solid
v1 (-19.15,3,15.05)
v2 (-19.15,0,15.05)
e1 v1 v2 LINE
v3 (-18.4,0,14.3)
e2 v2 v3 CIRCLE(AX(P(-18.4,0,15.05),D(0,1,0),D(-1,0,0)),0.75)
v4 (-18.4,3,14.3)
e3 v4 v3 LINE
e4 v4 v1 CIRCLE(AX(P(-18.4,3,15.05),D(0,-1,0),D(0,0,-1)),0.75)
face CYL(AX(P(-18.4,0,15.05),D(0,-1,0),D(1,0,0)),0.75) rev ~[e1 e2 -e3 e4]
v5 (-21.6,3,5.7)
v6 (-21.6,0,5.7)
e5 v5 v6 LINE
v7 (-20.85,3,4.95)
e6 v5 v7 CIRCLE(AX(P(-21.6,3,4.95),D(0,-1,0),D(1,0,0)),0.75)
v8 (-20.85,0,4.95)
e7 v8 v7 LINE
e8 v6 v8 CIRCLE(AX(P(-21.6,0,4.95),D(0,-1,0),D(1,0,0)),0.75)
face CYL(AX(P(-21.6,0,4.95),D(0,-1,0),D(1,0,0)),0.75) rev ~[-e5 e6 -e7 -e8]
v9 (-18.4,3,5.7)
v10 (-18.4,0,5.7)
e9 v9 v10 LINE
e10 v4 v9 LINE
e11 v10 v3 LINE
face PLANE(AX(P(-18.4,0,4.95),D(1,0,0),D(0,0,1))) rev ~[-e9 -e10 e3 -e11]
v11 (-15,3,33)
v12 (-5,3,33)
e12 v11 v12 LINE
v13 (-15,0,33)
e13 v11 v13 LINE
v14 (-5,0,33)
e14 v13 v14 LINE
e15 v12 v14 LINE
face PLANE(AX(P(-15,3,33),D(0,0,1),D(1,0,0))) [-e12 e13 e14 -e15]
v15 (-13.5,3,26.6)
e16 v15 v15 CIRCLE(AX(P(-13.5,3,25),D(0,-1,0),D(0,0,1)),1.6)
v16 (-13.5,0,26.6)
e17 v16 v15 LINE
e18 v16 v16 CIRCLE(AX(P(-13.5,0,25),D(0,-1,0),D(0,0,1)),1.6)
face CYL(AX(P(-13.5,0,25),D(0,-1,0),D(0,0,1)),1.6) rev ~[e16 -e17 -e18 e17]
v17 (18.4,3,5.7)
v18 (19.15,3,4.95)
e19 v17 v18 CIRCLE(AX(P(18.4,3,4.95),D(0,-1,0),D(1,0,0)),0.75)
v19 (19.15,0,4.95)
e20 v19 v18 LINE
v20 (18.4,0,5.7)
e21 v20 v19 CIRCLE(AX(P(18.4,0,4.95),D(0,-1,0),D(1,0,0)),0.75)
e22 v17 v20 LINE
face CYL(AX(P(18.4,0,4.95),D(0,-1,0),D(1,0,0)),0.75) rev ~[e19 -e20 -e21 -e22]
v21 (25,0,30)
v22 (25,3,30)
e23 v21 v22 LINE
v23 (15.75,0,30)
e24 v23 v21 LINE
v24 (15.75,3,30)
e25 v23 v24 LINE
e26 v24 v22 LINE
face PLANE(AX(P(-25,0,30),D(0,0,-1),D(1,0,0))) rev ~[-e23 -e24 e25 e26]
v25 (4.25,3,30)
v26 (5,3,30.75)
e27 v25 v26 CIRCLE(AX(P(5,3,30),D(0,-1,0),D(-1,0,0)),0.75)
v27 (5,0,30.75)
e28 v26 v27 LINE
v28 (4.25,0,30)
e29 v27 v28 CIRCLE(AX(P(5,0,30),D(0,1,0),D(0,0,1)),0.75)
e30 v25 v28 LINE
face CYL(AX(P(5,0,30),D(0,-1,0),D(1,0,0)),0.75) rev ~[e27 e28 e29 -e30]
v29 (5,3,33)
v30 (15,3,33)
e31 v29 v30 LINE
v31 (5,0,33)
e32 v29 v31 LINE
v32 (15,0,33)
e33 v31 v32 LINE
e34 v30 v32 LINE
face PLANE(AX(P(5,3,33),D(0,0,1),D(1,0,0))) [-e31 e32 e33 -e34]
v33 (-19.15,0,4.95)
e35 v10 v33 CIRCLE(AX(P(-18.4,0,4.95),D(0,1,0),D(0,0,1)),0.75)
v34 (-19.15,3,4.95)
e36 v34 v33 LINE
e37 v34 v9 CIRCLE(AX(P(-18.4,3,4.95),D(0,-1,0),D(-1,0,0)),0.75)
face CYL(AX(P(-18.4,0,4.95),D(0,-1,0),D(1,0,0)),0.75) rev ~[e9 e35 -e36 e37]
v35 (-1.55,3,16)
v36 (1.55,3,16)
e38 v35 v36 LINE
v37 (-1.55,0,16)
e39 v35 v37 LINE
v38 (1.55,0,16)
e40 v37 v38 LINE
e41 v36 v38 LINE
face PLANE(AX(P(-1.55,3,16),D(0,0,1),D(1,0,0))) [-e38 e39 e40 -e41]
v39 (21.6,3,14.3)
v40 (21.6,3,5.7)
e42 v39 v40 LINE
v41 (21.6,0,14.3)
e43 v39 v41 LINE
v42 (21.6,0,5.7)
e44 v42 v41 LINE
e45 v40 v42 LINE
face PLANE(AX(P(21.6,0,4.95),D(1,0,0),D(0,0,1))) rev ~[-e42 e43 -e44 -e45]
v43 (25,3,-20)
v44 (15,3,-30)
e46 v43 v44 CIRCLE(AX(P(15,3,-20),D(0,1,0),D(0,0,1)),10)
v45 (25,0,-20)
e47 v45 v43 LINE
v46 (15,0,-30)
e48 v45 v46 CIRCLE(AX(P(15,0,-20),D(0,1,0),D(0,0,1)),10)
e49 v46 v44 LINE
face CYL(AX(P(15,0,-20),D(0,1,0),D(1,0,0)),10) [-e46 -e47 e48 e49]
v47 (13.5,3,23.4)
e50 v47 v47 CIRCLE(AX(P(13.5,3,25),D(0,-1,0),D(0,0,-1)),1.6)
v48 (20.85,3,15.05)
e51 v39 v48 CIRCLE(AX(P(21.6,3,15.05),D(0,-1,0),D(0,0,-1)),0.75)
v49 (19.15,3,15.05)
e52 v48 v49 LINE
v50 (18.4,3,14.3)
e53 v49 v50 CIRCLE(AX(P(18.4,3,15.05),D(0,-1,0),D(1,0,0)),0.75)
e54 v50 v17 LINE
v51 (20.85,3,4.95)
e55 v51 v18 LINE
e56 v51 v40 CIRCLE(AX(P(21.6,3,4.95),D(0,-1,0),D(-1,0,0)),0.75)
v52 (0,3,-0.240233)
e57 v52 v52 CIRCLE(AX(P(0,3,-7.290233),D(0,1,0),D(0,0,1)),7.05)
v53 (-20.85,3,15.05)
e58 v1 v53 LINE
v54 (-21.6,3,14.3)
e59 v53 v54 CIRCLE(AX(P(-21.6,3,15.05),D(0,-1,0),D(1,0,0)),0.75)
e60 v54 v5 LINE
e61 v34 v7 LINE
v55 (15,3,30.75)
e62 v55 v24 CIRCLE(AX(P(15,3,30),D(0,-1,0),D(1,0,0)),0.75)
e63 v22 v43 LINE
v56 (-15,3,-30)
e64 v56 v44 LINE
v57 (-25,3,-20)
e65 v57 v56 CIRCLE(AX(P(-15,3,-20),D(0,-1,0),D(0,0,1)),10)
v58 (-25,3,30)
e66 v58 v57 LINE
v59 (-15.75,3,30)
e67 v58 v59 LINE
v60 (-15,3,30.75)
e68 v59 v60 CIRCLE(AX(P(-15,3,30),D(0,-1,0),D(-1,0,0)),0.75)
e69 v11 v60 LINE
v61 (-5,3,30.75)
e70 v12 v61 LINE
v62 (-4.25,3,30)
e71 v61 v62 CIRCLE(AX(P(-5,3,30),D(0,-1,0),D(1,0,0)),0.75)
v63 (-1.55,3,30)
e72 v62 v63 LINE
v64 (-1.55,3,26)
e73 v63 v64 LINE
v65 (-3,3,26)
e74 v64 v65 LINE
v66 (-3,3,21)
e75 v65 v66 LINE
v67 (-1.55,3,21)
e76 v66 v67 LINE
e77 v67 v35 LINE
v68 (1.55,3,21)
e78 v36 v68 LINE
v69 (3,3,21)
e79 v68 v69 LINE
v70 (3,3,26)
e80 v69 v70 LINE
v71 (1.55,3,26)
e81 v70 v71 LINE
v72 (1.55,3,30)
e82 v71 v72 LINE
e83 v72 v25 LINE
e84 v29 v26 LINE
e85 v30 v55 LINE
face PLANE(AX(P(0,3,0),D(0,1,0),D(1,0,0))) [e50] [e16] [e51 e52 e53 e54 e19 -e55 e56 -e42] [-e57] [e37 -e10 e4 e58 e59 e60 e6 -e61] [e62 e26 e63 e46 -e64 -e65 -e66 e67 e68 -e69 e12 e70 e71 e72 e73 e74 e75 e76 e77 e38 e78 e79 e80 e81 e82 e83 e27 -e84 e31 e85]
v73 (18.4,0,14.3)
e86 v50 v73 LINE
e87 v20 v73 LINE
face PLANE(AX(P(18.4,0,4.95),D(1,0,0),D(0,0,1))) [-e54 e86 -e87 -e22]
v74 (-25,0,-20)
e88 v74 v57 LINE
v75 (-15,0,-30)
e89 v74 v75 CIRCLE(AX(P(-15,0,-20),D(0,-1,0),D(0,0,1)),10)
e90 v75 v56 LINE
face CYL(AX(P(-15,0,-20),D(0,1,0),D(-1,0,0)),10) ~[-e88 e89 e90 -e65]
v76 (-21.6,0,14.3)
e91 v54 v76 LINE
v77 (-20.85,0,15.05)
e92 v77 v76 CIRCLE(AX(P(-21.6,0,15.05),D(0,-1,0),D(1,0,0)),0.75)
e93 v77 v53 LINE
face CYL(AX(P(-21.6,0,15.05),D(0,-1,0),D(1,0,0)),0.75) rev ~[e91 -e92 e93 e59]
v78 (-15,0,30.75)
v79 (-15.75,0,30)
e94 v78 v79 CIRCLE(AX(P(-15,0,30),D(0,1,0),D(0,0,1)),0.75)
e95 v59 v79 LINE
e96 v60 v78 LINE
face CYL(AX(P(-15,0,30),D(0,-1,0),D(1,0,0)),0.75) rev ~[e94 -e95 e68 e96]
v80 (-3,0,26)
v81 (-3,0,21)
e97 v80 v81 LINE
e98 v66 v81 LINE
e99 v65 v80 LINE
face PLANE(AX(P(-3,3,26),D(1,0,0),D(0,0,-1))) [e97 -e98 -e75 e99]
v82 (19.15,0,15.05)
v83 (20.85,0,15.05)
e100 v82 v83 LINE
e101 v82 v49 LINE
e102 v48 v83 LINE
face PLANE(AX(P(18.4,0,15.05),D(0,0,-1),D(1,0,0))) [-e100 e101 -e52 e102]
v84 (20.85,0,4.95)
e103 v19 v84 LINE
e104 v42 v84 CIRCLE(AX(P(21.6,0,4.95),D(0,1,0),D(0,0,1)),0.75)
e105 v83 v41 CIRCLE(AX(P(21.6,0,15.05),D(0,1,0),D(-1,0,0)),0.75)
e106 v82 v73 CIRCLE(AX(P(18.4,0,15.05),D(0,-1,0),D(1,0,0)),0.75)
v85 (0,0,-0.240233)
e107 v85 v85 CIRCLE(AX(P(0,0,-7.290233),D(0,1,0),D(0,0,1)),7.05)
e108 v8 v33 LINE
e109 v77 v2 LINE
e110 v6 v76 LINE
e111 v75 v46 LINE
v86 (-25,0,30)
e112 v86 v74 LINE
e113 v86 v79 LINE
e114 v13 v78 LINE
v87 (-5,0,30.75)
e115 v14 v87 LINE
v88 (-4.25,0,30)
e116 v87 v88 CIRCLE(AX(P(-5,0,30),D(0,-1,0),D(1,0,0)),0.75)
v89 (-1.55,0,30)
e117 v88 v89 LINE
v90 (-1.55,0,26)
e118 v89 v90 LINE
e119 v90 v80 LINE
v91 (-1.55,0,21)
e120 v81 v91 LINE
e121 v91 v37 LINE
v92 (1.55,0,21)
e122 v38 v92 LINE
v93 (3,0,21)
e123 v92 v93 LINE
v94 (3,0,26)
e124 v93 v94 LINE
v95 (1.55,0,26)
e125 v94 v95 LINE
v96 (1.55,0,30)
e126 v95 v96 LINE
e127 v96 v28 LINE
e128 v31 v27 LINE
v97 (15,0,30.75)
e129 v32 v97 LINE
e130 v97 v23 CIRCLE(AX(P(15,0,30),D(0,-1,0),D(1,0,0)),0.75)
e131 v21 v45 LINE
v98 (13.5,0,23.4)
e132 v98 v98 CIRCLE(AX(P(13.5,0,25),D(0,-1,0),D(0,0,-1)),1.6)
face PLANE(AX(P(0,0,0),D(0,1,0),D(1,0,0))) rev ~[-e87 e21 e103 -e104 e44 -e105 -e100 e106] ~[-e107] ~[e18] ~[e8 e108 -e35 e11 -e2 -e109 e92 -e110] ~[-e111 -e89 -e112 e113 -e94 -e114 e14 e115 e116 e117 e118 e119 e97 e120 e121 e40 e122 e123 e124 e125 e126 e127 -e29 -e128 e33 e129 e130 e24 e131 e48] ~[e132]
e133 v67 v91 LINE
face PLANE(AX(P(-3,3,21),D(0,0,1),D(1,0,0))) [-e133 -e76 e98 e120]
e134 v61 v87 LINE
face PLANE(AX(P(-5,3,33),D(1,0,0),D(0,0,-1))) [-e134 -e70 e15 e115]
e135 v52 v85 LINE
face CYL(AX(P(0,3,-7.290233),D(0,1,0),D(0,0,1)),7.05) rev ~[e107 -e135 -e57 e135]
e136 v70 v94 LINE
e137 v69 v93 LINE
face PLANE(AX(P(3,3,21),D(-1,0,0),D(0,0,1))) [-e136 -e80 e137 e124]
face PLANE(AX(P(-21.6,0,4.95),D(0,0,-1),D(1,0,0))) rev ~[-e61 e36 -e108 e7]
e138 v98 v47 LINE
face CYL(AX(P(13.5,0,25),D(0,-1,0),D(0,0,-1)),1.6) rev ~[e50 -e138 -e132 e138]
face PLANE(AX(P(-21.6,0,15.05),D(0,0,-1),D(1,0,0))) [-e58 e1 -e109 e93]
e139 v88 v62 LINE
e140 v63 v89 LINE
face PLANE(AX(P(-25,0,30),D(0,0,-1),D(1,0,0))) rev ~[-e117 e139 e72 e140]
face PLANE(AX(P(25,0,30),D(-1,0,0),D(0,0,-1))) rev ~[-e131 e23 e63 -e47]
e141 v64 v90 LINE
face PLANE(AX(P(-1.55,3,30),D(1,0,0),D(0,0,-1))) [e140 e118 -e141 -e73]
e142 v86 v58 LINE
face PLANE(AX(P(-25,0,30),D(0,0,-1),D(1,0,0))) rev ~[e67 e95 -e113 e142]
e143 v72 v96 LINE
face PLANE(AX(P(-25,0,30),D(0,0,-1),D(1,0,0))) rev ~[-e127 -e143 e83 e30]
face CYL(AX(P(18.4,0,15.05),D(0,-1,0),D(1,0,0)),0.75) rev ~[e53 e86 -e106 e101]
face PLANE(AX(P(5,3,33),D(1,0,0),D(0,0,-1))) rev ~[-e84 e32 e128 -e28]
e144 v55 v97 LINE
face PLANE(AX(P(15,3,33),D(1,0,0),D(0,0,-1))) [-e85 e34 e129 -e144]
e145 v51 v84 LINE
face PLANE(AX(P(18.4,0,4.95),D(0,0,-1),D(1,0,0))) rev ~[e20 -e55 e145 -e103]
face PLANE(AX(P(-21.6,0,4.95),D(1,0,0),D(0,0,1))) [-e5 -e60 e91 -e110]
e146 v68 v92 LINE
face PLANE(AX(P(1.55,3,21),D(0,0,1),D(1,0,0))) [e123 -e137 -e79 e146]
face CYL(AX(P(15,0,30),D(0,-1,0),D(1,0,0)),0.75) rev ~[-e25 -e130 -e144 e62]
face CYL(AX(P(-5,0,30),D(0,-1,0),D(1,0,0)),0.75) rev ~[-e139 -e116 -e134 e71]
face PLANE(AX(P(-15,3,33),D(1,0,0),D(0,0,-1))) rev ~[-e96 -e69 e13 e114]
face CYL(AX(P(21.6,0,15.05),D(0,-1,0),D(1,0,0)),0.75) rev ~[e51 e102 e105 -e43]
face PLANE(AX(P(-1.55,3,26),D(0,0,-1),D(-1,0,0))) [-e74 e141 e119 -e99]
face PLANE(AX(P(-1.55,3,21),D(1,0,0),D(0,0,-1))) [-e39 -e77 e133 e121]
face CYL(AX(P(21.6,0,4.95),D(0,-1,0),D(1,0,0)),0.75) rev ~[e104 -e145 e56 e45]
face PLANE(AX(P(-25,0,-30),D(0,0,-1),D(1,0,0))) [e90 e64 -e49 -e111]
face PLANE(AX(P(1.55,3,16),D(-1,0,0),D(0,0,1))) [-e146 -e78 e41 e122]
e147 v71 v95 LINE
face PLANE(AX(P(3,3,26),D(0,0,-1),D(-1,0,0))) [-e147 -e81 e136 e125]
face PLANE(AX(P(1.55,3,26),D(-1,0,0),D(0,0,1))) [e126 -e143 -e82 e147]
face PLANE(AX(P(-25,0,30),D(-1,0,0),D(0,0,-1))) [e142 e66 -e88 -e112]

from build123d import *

# Parameters (mm, degrees)
SKETCH_1_W          = 50
SKETCH_1_H          = 60
EXTRUDE_1_DEPTH     = 3
SKETCH_2_W          = 10
SKETCH_2_H          = 3
EXTRUDE_2_DEPTH     = 3
CUT_EXTRUDE_1_DEPTH = 42.509035161
SKETCH_4_R          = 7.05
CUT_EXTRUDE_2_DEPTH = 42.509035161
SKETCH_5_R          = 1.6
SKETCH_5_W          = 3.2
SKETCH_5_H          = 10.1
CUT_EXTRUDE_3_DEPTH = 42.509035161
SKETCH_7_R          = 0.75
CUT_EXTRUDE_4_DEPTH = 42.509035161
FILLET_1_R          = 10


with BuildPart() as part:
    # 草图1 → 凸台-拉伸1 (new body)
    with BuildSketch(Plane(origin=(0, 0, 0), x_dir=(1, 0, 0), z_dir=(0, 1, 0))):
        Rectangle(SKETCH_1_W, SKETCH_1_H)
    extrude(amount=EXTRUDE_1_DEPTH)

    # 草图2 → 凸台-拉伸2 (add)
    with BuildSketch(Plane(origin=(0, 3, 0), x_dir=(1, 0, 0), z_dir=(0, 1, 0))):
        with Locations((-10, -31.5)):
            Rectangle(SKETCH_2_W, SKETCH_2_H)
        with Locations((10, -31.5)):
            Rectangle(SKETCH_2_W, SKETCH_2_H)
    extrude(amount=-EXTRUDE_2_DEPTH)

    # 草图3 → 切除-拉伸1 (cut, through all)
    with BuildSketch(Plane(origin=(0, 3, 0), x_dir=(1, 0, 0), z_dir=(0, 1, 0))):
        Polygon((-1.55, -30), (-1.55, -26), (-3, -26), (-3, -21), (-1.55, -21), (-1.55, -16), (1.55, -16), (1.55, -21), (3, -21), (3, -26), (1.55, -26), (1.55, -30), align=None)
    extrude(amount=-CUT_EXTRUDE_1_DEPTH, mode=Mode.SUBTRACT)

    # 草图4 → 切除-拉伸2 (cut, through all)
    with BuildSketch(Plane(origin=(0, 3, 0), x_dir=(1, 0, 0), z_dir=(0, 1, 0))):
        with Locations(Location((0, 7.290233074, 0), (0, 0, 270))):
            Circle(SKETCH_4_R)
    extrude(amount=-CUT_EXTRUDE_2_DEPTH, mode=Mode.SUBTRACT)

    # 草图5 → 切除-拉伸3 (cut, through all)
    with BuildSketch(Plane.XZ):
        with Locations(Location((13.5, 25, 0), (0, 0, 270))):
            Circle(SKETCH_5_R)
        with Locations(Location((-13.5, 25, 0), (0, 0, 90))):
            Circle(SKETCH_5_R)
        with Locations((20, 10)):
            Rectangle(SKETCH_5_W, SKETCH_5_H)
        with Locations((-20, 10)):
            Rectangle(SKETCH_5_W, SKETCH_5_H)
    extrude(amount=-CUT_EXTRUDE_3_DEPTH, mode=Mode.SUBTRACT)

    # 草图7 → 切除-拉伸4 (cut, through all)
    with BuildSketch(Plane.XZ):
        with Locations((-21.6, 15.05)):
            Circle(SKETCH_7_R)
        with Locations((-18.4, 15.05)):
            Circle(SKETCH_7_R)
        with Locations((-18.4, 4.95)):
            Circle(SKETCH_7_R)
        with Locations((-21.6, 4.95)):
            Circle(SKETCH_7_R)
        with Locations((21.6, 4.95)):
            Circle(SKETCH_7_R)
        with Locations((18.4, 4.95)):
            Circle(SKETCH_7_R)
        with Locations((18.4, 15.05)):
            Circle(SKETCH_7_R)
        with Locations((21.6, 15.05)):
            Circle(SKETCH_7_R)
        with Locations((-15, 30)):
            Circle(SKETCH_7_R)
        with Locations((-5, 30)):
            Circle(SKETCH_7_R)
        with Locations((5, 30)):
            Circle(SKETCH_7_R)
        with Locations((15, 30)):
            Circle(SKETCH_7_R)
    extrude(amount=-CUT_EXTRUDE_4_DEPTH, mode=Mode.SUBTRACT)

    # 圆角1
    fillet_1_edges = [part.edges().sort_by_distance(p)[0] for p in [
        (-25, 1.5, -30),
        (25, 1.5, -30),
    ]]
    fillet(fillet_1_edges, radius=FILLET_1_R)


solid = part.part
